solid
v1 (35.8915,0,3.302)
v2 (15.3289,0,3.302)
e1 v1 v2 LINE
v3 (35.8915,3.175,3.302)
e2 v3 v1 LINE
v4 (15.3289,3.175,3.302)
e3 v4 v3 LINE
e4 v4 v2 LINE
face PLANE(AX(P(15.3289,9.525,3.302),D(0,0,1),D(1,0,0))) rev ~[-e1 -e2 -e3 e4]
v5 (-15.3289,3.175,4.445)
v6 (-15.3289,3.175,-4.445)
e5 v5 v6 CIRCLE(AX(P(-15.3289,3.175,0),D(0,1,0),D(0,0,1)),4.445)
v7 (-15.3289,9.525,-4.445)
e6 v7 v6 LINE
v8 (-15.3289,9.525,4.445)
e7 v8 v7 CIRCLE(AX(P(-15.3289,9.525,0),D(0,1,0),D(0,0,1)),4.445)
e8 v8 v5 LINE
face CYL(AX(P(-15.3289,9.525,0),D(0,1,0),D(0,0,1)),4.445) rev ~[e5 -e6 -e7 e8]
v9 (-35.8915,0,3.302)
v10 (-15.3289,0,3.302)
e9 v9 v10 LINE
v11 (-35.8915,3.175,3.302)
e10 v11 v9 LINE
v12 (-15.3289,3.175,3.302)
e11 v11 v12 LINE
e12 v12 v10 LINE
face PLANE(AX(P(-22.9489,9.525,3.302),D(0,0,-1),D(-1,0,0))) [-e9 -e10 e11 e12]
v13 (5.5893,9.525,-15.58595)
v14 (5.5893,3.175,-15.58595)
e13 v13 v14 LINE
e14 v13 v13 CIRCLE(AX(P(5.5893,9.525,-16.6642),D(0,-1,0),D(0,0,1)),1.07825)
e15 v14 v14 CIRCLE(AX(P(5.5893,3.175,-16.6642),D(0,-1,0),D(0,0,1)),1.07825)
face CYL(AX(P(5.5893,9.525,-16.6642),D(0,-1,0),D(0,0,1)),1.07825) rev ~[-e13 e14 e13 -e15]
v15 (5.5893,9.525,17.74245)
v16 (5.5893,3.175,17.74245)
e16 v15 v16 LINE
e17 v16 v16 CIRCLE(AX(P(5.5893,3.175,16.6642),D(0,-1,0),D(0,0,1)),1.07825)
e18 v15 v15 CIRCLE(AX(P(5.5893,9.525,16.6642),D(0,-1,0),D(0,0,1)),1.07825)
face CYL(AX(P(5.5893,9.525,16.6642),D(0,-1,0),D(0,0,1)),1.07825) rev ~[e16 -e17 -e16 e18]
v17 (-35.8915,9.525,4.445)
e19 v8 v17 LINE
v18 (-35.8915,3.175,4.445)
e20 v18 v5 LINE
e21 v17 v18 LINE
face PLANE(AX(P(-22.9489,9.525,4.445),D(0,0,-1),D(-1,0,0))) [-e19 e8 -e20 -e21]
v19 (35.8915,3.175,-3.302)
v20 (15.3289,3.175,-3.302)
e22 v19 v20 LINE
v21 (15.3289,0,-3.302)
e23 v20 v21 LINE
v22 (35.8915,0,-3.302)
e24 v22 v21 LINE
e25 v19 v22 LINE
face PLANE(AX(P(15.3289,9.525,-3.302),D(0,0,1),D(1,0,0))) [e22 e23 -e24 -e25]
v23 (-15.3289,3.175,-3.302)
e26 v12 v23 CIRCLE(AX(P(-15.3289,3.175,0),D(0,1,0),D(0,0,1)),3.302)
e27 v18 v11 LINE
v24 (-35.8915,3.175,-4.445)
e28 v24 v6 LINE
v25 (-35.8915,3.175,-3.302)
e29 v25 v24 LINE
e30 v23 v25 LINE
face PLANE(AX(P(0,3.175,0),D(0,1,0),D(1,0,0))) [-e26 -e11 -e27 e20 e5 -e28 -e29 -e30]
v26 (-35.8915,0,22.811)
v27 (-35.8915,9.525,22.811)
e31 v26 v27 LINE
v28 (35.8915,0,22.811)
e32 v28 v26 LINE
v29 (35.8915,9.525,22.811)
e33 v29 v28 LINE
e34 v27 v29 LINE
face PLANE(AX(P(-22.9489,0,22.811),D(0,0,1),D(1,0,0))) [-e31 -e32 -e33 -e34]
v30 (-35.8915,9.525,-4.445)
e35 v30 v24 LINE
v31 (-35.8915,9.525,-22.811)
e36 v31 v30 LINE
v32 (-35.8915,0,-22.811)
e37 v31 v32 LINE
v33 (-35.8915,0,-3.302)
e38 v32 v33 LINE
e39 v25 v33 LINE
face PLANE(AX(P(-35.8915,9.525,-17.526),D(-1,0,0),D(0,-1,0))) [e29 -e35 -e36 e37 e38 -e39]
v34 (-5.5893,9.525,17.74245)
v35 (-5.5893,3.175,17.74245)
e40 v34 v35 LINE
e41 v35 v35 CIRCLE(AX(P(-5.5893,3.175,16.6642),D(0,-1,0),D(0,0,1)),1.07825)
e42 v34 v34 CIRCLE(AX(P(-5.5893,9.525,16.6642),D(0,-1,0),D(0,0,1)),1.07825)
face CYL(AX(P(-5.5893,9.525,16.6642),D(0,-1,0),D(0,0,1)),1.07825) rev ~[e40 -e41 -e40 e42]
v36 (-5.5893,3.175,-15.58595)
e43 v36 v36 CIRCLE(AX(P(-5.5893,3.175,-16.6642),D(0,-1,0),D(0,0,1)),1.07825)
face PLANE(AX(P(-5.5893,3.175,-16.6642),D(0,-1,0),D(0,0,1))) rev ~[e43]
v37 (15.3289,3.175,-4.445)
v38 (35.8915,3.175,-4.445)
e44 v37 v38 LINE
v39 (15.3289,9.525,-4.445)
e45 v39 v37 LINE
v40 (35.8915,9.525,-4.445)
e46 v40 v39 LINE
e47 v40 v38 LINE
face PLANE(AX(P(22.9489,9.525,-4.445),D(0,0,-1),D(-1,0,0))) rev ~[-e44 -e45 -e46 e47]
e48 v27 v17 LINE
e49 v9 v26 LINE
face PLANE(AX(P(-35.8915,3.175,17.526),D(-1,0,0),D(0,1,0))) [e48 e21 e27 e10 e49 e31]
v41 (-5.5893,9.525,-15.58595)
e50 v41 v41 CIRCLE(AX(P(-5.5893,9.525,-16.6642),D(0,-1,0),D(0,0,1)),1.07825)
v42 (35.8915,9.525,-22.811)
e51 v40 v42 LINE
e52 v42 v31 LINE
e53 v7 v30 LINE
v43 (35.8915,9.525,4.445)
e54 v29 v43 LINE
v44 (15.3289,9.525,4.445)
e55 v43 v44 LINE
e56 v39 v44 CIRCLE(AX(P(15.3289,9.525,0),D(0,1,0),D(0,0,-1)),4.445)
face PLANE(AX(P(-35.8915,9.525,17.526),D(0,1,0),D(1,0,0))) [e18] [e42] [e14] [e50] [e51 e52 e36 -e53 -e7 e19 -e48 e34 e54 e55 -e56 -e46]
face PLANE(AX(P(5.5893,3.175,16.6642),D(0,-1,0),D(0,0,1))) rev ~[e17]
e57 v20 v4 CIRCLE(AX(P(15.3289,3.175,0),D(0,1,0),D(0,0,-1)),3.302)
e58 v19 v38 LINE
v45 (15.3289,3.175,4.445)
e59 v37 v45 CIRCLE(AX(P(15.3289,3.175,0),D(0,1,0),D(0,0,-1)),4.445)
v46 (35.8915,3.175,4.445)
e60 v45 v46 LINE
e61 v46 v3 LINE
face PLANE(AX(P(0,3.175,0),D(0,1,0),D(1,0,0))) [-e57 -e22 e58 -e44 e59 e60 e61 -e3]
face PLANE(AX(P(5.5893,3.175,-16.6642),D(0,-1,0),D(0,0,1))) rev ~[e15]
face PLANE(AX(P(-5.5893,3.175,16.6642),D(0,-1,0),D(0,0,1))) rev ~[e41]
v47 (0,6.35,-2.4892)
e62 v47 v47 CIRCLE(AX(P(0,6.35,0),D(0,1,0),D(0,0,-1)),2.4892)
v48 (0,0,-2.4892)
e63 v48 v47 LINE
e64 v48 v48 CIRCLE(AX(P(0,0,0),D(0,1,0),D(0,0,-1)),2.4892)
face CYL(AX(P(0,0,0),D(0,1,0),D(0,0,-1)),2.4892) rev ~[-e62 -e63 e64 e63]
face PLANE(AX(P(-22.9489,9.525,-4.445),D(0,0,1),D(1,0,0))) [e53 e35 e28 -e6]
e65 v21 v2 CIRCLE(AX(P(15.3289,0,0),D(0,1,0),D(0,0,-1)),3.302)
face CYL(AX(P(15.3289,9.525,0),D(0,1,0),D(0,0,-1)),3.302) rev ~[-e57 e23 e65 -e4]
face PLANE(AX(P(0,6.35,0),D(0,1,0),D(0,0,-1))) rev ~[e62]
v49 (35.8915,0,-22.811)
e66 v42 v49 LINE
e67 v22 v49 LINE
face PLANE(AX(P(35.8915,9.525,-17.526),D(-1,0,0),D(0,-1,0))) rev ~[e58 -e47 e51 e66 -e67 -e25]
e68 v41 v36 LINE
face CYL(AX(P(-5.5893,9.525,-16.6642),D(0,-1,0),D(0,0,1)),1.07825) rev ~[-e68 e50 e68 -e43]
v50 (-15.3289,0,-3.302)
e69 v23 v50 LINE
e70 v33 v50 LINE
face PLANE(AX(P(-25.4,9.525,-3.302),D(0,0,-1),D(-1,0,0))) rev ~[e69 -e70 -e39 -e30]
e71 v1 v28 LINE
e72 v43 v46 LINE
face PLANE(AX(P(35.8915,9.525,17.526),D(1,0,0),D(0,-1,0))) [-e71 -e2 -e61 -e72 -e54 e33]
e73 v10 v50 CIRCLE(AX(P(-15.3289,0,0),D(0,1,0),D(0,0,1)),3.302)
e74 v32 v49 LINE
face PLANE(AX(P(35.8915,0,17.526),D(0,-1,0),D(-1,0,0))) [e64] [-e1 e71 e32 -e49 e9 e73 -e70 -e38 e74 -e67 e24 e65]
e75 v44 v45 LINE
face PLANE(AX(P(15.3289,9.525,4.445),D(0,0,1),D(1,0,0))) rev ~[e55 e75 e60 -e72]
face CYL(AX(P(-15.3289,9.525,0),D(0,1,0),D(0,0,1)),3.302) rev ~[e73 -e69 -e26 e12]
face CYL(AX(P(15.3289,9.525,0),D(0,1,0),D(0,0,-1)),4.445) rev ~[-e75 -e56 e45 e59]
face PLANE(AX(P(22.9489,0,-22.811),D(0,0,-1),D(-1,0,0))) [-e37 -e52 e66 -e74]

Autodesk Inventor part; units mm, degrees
ref_plane "YZ Plane" through (0, 0, 0) normal (1, 0, 0) x (0, 1, 0)
ref_plane "XZ Plane" through (0, 0, 0) normal (0, 1, 0) x (-1, 0, 0)
ref_plane "XY Plane" through (0, 0, 0) normal (0, 0, 1) x (1, 0, 0)
sketch "Sketch1" plane through (0, 0, 0) normal (0, 1, 0) x (-1, 0, 0)
  line L0 (22.9489, 20.701) -> (-22.9489, 20.701)
  line L1 (-22.9489, 20.701) -> (-22.9489, -20.701)
  line L2 (-22.9489, -20.701) -> (22.9489, -20.701)
  line L3 (22.9489, -20.701) -> (22.9489, 20.701)
  line L4 (22.9489, 20.701) -> (-22.9489, -20.701) construction
  line L5 (-22.9489, 20.701) -> (22.9489, -20.701) construction
  point P0 (0, 0)
  dimension "d0" = 45.8978
  dimension "d1" = 41.402
extrude "Extrusion1" add sketch "Sketch1" along normal blind 9.525
hole "Hole1" at (0, 0, 0) direction (0, 1, 0) diameter 4.9784 depth 6.35 thread size "1/4-20 UNC" class "2B" standard "ANSI Unified Screw Threads"
sketch "Sketch11" plane through (-22.9489, 0, 20.701) normal (0, 0, 1) x (1, 0, 0)
  line L0 (45.8978, 9.525) -> (0, 9.525) projected
  line L1 (45.8978, 0) -> (0, 0) projected
  line L2 (0, 9.525) -> (45.8978, 9.525)
  line L3 (45.8978, 9.525) -> (45.8978, 0)
  line L4 (45.8978, 0) -> (0, 0)
  line L5 (0, 0) -> (0, 9.525)
  point P0 (22.9489, 0)
extrude "Extrusion6" cut sketch "Sketch11" against normal blind 3.175
sketch "Sketch12" plane through (22.9489, 0, -20.701) normal (0, 0, -1) x (-1, 0, 0)
  line L0 (0, 9.525) -> (45.8978, 9.525) projected
  line L1 (45.8978, 0) -> (45.8978, 9.525) projected
  line L2 (0, 9.525) -> (45.8978, 9.525)
  line L3 (45.8978, 9.525) -> (45.8978, 0)
  line L4 (45.8978, 0) -> (0, 0)
  line L5 (0, 0) -> (0, 9.525)
  point P0 (22.9489, 0)
extrude "Extrusion7" cut sketch "Sketch12" against normal blind 3.175
sketch "Sketch13" plane through (22.9489, 0, 17.526) normal (1, 0, 0) x (0, 0, -1)
  line L0 (0, 9.525) -> (0, 0) projected
  line L1 (35.052, 0) -> (0, 0) projected
  line L2 (0, 9.525) -> (35.052, 9.525)
  line L3 (35.052, 9.525) -> (35.052, 0)
  line L4 (35.052, 0) -> (0, 0)
  line L5 (0, 0) -> (0, 9.525)
  point P0 (17.526, 0)
extrude "Extrusion8" add sketch "Sketch13" along normal blind 12.9426
sketch "Sketch14" plane through (-22.9489, 0, 17.526) normal (-1, 0, 0) x (0, 0, 1)
  line L0 (-35.052, 9.525) -> (0, 9.525) projected
  line L1 (-35.052, 9.525) -> (0, 9.525)
  line L2 (0, 9.525) -> (0, 0)
  line L3 (0, 0) -> (-35.052, 0)
  line L4 (-35.052, 0) -> (-35.052, 9.525)
  point P0 (-17.526, 0)
extrude "Extrusion9" add sketch "Sketch14" along normal blind 12.9426
sketch "Sketch2" plane through (0, 9.525, 0) normal (0, 1, 0) x (1, 0, 0)
  line L0 (22.9489, -20.701) -> (22.9489, 20.701) projected
  line L1 (-22.9489, -20.701) -> (22.9489, -20.701) projected
  line L2 (22.9489, 20.701) -> (-22.9489, 20.701) projected
  line L3 (-22.9489, 20.701) -> (-22.9489, -20.701) projected
  arc A0 (-15.3289, -3.302) -> (-15.3289, 3.302) centre (-15.3289, 0) ccw
  line L4 (-15.3289, -3.302) -> (-22.9489, -3.302)
  line L5 (-15.3289, 3.302) -> (-22.9489, 3.302)
  arc A1 (15.3289, 3.302) -> (15.3289, -3.302) centre (15.3289, 0) ccw
  line L6 (15.3289, 3.302) -> (22.9489, 3.302)
  line L7 (15.3289, -3.302) -> (22.9489, -3.302)
  line L8 (-22.9489, 4.445) -> (-15.3289, 4.445)
  arc A2 (-15.3289, -4.445) -> (-15.3289, 4.445) centre (-15.3289, 0) ccw
  line L9 (-15.3289, -4.445) -> (-22.9489, -4.445)
  line L10 (22.9489, 4.445) -> (15.3289, 4.445)
  arc A3 (15.3289, 4.445) -> (15.3289, -4.445) centre (15.3289, 0) ccw
  line L11 (15.3289, -4.445) -> (22.9489, -4.445)
  line L12 (22.9489, -4.445) -> (35.8915, -4.445)
  line L13 (35.8915, -17.526) -> (35.8915, 17.526) projected
  line L14 (22.9489, -3.302) -> (35.8915, -3.302)
  line L15 (22.9489, 3.302) -> (35.8915, 3.302)
  line L16 (22.9489, 4.445) -> (35.8915, 4.445)
  line L17 (-22.9489, 4.445) -> (-35.8915, 4.445)
  line L18 (-35.8915, -17.526) -> (-35.8915, 17.526) projected
  line L19 (-22.9489, 3.302) -> (-25.4, 3.302)
  line L20 (-22.9489, -3.302) -> (-35.8915, -3.302)
  line L21 (-22.9489, -4.445) -> (-35.8915, -4.445)
  line L22 (-25.4, 3.302) -> (-35.8915, 3.302)
  point P0 (22.9489, 0)
  point P1 (-22.9489, 0)
  dimension "d21" = 1.143
extrude "Extrusion10" cut sketch "Sketch2" against normal through all contours L7 A1 L6 L0 | L0 L15 L13 L14 | L20 L18 L22 L19 L3 | L3 L5 A0 L4
extrude "Extrusion11" cut sketch "Sketch2" against normal blind 6.35 contours L11 A3 L10 L0 L6 A1 L7 | L0 L14 L13 L12 | L21 L18 L20 L3 | L3 L4 A0 L5 L8 A2 L9 | L0 L16 L13 L15 | L19 L22 L18 L17 L3
sketch "Sketch15" plane through (22.9489, 0, -17.526) normal (0, 0, -1) x (-1, 0, 0)
  line L0 (-12.9426, 9.525) -> (-12.9426, 0) projected
  line L1 (58.8404, 9.525) -> (58.8404, 0) projected
  line L2 (-12.9426, 9.525) -> (58.8404, 9.525)
  line L3 (58.8404, 9.525) -> (58.8404, 0)
  line L4 (58.8404, 0) -> (-12.9426, 0)
  line L5 (-12.9426, 0) -> (-12.9426, 9.525)
  point P0 (22.9489, 0)
extrude "Extrusion12" add sketch "Sketch15" along normal blind 5.285
sketch "Sketch16" plane through (-22.9489, 0, 17.526) normal (0, 0, 1) x (1, 0, 0)
  line L0 (-12.9426, 3.175) -> (-12.9426, 9.525) projected
  line L1 (58.8404, 0) -> (-12.9426, 0) projected
  line L2 (-12.9426, 9.525) -> (58.8404, 9.525)
  line L3 (58.8404, 9.525) -> (58.8404, 0)
  line L4 (58.8404, 0) -> (-12.9426, 0)
  line L5 (-12.9426, 0) -> (-12.9426, 9.525)
  point P0 (22.9489, 0)
extrude "Extrusion13" add sketch "Sketch16" along normal blind 5.285
sketch "Sketch19" plane through (0, 9.525, 0) normal (0, 1, 0) x (1, 0, 0)
  line L0 (-35.8915, 3.302) -> (-35.8915, 22.811) projected
  line L1 (-35.8915, 22.811) -> (-5.5893, 22.811)
  line L2 (-35.8915, 16.6642) -> (-35.8915, 22.811)
  line L3 (35.8915, 22.811) -> (-35.8915, 22.811) projected
  line L4 (35.8915, 22.811) -> (5.5893, 22.811)
  line L5 (35.8915, 16.6642) -> (35.8915, 22.811)
  line L6 (35.8915, -22.811) -> (-35.8915, -22.811) projected
  line L7 (-35.8915, -22.811) -> (-5.5893, -22.811)
  line L8 (-35.8915, -16.6642) -> (-35.8915, -22.811)
  line L9 (35.8915, -22.811) -> (5.5893, -22.811)
  line L10 (35.8915, -16.6642) -> (35.8915, -22.811)
  point P0 (0, 0)
  point P1 (-5.5893, 16.6642)
  point P2 (5.5893, 16.6642)
  point P3 (-5.5893, -16.6642)
  point P4 (5.5893, -16.6642)
hole "Hole2" at (-5.5893, 9.525, 16.6642) at (5.5893, 9.525, 16.6642) at (-5.5893, 9.525, -16.6642) at (5.5893, 9.525, -16.6642) direction (0, -1, 0) diameter 2.1565 depth 6.35 thread size "4-40 UNC" class "2B" standard "ANSI Unified Screw Threads"
properties part number "bottomblock_al_ledgereod" material "Aluminum 6061"
